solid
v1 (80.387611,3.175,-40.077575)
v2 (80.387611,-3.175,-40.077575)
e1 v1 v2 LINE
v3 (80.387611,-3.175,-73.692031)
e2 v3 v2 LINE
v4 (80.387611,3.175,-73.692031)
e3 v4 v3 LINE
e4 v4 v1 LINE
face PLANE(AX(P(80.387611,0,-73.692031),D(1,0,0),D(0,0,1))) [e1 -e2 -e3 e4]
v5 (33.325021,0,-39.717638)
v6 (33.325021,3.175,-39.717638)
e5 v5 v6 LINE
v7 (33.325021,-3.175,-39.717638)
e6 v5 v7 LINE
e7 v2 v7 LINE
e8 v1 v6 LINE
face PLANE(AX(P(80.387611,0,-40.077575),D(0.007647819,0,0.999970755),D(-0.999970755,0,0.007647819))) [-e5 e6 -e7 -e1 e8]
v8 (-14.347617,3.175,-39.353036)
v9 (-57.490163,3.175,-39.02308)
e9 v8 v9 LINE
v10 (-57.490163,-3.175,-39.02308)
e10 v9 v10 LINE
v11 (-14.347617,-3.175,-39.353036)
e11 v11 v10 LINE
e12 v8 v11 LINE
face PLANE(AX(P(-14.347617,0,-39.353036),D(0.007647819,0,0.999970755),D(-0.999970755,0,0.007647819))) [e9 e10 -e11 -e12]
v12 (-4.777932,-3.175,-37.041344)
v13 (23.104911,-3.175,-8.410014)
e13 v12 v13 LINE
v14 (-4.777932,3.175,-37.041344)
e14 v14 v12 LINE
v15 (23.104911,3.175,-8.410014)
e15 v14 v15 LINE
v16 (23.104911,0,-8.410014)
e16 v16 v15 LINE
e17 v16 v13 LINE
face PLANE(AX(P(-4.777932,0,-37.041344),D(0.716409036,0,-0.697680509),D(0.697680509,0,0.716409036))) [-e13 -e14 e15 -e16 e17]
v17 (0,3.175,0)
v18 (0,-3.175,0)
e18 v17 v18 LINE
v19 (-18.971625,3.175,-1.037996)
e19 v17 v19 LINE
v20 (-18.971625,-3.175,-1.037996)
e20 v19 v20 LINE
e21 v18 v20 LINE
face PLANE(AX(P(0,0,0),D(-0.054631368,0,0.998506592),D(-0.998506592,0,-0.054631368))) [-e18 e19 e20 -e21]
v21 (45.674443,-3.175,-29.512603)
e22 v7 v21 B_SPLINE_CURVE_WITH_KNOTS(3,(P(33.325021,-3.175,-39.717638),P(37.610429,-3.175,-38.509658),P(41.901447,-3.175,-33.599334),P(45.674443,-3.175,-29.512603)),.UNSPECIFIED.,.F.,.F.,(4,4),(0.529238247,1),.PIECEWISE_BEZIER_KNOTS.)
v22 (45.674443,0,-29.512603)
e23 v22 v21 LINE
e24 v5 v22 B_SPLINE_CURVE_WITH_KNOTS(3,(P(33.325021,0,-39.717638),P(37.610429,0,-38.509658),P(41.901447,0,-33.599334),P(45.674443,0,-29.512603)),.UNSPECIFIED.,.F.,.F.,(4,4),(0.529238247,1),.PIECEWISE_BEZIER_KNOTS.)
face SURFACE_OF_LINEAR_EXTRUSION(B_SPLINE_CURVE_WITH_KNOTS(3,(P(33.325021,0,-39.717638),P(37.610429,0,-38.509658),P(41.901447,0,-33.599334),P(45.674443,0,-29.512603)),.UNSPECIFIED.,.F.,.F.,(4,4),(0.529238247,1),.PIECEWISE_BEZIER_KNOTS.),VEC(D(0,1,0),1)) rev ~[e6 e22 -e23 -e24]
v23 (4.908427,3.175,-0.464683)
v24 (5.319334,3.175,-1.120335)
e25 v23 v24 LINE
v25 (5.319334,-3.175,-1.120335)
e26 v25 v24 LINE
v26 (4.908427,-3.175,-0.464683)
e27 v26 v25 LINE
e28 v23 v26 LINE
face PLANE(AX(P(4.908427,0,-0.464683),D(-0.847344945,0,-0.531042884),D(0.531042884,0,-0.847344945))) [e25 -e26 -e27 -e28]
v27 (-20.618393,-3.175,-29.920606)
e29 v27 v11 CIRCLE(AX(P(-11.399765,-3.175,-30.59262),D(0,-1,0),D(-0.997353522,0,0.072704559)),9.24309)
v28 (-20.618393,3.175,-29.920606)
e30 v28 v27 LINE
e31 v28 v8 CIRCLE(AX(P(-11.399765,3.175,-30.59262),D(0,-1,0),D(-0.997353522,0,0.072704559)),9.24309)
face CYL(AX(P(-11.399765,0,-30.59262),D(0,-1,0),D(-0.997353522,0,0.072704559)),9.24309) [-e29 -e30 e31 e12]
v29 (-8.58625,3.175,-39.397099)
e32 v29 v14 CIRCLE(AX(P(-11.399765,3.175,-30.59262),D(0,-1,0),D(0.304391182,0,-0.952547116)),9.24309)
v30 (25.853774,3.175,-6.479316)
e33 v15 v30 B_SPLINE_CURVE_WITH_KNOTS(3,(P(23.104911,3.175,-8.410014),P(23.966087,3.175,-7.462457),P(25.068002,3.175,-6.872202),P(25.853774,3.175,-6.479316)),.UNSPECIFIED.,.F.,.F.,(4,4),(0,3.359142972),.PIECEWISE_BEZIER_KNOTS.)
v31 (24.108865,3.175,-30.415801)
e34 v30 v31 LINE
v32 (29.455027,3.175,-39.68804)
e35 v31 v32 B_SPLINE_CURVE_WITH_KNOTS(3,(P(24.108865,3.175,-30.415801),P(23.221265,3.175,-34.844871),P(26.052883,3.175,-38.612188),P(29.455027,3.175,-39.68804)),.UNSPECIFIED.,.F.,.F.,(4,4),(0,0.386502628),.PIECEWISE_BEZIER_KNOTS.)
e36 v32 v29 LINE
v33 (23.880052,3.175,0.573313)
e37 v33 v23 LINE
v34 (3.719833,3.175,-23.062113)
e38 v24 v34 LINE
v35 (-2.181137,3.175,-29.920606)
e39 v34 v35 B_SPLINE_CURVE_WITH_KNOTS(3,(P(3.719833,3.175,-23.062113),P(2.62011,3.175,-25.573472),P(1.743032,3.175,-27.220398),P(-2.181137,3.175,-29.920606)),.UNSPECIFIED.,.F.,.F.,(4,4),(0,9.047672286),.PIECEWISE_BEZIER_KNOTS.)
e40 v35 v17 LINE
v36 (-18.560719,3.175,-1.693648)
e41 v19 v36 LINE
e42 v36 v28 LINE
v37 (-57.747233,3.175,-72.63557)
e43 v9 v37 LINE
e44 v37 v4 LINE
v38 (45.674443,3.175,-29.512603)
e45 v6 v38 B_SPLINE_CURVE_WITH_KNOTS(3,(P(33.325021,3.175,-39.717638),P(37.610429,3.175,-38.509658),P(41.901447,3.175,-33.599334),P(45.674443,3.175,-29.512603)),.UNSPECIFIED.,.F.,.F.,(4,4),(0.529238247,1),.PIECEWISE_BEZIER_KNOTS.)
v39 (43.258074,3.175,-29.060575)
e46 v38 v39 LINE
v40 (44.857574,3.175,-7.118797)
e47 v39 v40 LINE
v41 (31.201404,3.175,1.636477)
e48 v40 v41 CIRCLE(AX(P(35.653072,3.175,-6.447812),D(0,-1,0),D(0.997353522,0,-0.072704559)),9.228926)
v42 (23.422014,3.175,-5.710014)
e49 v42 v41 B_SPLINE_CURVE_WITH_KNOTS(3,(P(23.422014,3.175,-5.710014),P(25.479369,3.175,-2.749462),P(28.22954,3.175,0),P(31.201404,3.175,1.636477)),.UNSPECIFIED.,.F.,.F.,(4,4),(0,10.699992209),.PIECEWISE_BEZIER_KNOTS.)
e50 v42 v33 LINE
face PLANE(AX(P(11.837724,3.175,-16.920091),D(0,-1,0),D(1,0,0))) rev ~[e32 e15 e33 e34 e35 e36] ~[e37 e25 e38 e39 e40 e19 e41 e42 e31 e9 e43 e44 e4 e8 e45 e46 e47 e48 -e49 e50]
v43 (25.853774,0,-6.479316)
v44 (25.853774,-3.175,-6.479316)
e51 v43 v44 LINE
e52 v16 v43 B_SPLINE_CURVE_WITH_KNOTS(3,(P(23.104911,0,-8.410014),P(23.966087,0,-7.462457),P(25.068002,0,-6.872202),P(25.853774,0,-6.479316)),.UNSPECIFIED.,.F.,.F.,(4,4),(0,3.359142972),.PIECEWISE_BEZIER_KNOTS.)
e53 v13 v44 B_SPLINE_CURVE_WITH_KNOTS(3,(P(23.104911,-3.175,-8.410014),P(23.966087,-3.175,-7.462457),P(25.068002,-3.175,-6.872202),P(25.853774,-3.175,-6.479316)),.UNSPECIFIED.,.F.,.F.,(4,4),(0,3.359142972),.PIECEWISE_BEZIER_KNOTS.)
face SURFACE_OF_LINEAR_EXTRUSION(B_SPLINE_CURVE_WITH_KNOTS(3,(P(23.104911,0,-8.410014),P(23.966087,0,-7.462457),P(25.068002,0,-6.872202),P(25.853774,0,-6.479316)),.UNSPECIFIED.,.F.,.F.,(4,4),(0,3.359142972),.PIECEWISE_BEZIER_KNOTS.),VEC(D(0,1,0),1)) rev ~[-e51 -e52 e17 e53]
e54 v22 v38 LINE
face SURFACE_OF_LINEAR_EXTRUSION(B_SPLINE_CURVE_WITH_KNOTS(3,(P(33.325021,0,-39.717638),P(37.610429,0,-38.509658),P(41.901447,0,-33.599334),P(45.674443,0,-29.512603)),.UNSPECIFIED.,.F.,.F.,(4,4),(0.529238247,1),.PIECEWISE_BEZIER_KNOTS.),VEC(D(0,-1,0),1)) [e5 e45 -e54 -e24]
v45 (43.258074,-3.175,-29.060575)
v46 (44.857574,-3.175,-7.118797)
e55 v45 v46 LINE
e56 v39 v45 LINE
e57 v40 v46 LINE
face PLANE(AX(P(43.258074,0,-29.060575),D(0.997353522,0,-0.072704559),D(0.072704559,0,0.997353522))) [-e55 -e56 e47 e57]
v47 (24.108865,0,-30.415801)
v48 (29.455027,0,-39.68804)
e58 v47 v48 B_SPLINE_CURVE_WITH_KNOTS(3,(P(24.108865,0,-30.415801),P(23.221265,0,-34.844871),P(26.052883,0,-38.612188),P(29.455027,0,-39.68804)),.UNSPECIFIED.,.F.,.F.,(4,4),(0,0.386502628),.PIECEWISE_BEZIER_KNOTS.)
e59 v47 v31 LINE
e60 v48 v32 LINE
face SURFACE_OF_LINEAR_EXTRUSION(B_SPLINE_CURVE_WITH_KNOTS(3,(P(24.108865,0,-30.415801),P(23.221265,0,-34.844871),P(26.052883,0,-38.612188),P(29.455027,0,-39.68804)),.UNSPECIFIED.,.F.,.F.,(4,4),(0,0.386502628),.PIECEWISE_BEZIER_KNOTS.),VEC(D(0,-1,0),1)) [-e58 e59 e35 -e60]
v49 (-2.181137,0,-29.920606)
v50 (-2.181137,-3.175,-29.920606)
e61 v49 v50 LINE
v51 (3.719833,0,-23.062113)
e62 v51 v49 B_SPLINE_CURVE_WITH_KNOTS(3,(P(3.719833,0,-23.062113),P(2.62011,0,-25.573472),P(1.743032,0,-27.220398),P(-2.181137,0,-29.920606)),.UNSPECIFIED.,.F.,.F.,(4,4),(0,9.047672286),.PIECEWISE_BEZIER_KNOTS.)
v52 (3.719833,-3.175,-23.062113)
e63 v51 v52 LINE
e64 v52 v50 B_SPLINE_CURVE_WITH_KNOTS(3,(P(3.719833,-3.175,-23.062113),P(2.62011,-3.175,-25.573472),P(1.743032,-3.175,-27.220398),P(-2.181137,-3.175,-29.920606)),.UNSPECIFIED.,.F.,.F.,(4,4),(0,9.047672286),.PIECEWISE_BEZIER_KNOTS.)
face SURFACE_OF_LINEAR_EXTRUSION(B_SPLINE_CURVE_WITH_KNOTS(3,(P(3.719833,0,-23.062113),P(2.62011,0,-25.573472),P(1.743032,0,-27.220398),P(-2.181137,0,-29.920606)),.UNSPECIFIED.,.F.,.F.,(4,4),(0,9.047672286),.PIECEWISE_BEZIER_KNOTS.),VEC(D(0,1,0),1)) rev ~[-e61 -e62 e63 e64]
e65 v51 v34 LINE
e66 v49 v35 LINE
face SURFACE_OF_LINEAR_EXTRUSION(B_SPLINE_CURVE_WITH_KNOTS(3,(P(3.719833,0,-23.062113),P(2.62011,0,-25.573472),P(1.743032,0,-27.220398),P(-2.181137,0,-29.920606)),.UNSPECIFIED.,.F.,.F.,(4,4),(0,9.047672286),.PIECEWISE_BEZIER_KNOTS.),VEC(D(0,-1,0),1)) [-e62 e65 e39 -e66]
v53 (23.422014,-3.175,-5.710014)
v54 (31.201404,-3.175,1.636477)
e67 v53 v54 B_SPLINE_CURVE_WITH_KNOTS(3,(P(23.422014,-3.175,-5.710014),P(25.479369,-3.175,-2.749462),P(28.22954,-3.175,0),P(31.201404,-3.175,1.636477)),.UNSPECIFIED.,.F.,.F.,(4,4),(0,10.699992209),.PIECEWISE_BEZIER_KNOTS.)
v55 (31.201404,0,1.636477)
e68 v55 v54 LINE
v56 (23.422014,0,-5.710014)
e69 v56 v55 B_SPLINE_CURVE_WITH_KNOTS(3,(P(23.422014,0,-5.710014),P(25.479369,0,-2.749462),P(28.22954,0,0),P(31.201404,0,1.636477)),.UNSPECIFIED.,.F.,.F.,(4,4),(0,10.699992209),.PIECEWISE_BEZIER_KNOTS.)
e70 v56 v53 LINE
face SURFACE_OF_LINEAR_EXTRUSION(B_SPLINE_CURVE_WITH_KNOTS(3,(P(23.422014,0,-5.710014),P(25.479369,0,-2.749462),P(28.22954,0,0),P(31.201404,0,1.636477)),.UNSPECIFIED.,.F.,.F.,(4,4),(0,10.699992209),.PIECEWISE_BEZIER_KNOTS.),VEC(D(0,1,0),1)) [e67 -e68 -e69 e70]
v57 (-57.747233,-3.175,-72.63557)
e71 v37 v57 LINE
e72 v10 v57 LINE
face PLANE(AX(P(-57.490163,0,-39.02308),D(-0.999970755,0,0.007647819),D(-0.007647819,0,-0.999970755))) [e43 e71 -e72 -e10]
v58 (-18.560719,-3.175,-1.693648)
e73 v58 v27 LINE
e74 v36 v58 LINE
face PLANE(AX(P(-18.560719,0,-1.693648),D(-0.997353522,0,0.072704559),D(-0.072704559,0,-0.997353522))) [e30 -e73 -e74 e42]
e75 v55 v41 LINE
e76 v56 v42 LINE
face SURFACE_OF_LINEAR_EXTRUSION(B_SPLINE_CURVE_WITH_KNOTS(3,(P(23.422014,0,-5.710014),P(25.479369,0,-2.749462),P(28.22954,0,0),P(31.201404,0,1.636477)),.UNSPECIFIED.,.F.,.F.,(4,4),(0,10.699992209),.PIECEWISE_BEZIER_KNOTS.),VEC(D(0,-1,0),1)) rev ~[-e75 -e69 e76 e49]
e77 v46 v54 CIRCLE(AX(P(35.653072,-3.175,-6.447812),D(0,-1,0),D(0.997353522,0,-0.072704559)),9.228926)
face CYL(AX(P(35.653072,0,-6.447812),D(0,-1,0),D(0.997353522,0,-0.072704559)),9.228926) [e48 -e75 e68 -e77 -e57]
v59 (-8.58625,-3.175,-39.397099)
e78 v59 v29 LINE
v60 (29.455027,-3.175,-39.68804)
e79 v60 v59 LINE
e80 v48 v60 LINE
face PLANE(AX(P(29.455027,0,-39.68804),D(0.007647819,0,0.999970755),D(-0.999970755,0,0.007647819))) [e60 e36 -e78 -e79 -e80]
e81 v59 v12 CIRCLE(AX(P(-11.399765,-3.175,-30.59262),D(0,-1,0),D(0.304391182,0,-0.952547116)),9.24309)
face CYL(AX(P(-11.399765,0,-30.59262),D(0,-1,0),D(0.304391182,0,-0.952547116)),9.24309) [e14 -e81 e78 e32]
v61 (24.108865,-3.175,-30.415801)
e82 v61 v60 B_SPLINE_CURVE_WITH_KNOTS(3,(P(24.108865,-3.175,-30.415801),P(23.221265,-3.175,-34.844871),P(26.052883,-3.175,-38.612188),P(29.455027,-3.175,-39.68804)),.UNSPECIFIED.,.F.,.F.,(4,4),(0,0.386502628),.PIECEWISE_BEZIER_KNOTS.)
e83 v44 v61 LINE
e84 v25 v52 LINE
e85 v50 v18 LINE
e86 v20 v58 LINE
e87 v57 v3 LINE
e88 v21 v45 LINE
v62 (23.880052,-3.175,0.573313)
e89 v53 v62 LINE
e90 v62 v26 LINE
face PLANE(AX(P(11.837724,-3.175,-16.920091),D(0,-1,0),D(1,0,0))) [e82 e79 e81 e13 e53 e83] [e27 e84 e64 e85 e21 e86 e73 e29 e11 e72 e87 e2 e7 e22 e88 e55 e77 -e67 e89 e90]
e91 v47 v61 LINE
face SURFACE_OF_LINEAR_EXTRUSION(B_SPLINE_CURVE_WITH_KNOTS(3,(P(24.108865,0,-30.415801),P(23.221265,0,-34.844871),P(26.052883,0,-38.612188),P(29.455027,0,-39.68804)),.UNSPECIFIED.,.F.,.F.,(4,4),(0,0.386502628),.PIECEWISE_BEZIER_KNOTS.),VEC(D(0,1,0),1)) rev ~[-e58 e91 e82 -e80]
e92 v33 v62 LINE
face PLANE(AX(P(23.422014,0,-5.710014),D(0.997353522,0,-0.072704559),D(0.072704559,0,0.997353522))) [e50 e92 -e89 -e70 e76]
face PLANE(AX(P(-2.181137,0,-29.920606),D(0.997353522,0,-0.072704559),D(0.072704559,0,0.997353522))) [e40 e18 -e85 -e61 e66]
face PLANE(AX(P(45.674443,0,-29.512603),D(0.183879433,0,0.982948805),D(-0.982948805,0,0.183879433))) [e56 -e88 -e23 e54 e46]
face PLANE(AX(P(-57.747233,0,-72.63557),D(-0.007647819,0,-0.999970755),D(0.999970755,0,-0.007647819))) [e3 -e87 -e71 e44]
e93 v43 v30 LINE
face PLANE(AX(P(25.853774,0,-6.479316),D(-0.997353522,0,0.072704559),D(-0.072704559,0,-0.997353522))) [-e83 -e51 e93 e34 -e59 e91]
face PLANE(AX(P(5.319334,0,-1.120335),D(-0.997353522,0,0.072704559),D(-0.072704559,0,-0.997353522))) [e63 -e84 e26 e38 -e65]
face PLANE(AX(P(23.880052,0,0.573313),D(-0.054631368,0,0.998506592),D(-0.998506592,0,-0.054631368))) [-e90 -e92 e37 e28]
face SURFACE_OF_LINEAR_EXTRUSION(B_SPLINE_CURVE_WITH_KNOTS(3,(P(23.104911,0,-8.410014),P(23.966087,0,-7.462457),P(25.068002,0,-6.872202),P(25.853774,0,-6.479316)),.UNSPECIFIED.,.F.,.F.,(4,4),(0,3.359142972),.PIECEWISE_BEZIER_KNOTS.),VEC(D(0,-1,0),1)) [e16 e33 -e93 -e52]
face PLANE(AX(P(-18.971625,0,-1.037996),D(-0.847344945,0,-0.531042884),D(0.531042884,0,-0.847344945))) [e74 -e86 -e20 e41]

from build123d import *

# Parameters (mm, degrees)
F1_DEPTH = 3.175


with BuildPart() as f1:
    # F0 (on Front) → F1 (new body, symmetric)
    with BuildSketch(Plane.XZ):
        with BuildLine():
            Line((-2.1811367593, -29.9206056496), (0, 0))
            Line((0, 0), (-18.9716252415, -1.0379959996))
            Line((-18.9716252415, -1.0379959996), (-18.560718745, -1.6936484026))
            Line((-18.560718745, -1.6936484026), (-20.6183928033, -29.9206056496))
            ThreePointArc((-20.6183928033, -29.9206056496), (-19.097069056, -35.7098670599), (-14.3476168276, -39.3530356194))
            Line((-14.3476168276, -39.3530356194), (-8.5862497906, -39.3970988002))
            ThreePointArc((-8.5862497906, -39.3970988002), (-6.5372712865, -38.4533368755), (-4.7779318284, -37.0413439039))
            Line((-4.7779318284, -37.0413439039), (23.1049112899, -8.4100140946))
            add(Edge.make_bspline(
                [(23.1049112899, -8.4100140946), (23.9660870284, -7.4624572881), (25.0680023001, -6.8722019142), (25.8537740575, -6.4793160355)],
                knots=[0, 0, 0, 0, 3.3591429725, 3.3591429725, 3.3591429725, 3.3591429725], degree=3))
            Line((25.8537740575, -6.4793160355), (24.10886465, -30.4158005552))
            add(Edge.make_bspline(
                [(24.10886465, -30.4158005552), (23.221265172, -34.8448709212), (26.0528829358, -38.6121878233), (29.4550270257, -39.6880401081)],
                knots=[0, 0, 0, 0, 0.386502628, 0.386502628, 0.386502628, 0.386502628], degree=3))
            Line((29.4550270257, -39.6880401081), (33.3250212912, -39.7176379893))
            add(Edge.make_bspline(
                [(33.3250212912, -39.7176379893), (37.6104290116, -38.509658395), (41.9014469905, -33.599334096), (45.6744432449, -29.5126028359)],
                knots=[0.529238247, 0.529238247, 0.529238247, 0.529238247, 1, 1, 1, 1], degree=3))
            Line((45.6744432449, -29.5126028359), (43.2580737253, -29.0605745563))
            Line((43.2580737253, -29.0605745563), (44.8575740155, -7.1187970799))
            ThreePointArc((44.8575740155, -7.1187970799), (40.634142354, 1.3214875027), (31.2014035881, 1.6364767216))
            add(Edge.make_bspline(
                [(23.4220137692, -5.7100140946), (25.4793688655, -2.7494623791), (28.2295402139, 0), (31.2014035881, 1.6364767216)],
                knots=[0, 0, 0, 0, 10.6999922087, 10.6999922087, 10.6999922087, 10.6999922087], degree=3))
            Line((23.4220137692, -5.7100140946), (23.8800524886, 0.5733130918))
            Line((23.8800524886, 0.5733130918), (4.9084272471, -0.4646829078))
            Line((4.9084272471, -0.4646829078), (5.3193337437, -1.1203353108))
            Line((5.3193337437, -1.1203353108), (3.7198334535, -23.0621127871))
            add(Edge.make_bspline(
                [(3.7198334535, -23.0621127871), (2.6201102883, -25.5734715611), (1.7430323642, -27.2203981876), (-2.1811367593, -29.9206056496)],
                knots=[0, 0, 0, 0, 9.0476722861, 9.0476722861, 9.0476722861, 9.0476722861], degree=3))
        make_face()
        with BuildLine():
            Line((-8.5862497906, -39.3970988002), (-14.3476168276, -39.3530356194))
            ThreePointArc((-14.3476168276, -39.3530356194), (-11.4704542579, -39.8354397482), (-8.5862497906, -39.3970988002))
        make_face()
        with BuildLine():
            Line((33.3250212912, -39.7176379893), (29.4550270257, -39.6880401081))
            add(Edge.make_bspline(
                [(29.4550270257, -39.6880401081), (30.0021087518, -39.8610425176), (31.2924032253, -40.0985217153), (32.5914536336, -39.9244175584), (33.3250212912, -39.7176379893)],
                knots=[0.386502628, 0.386502628, 0.386502628, 0.386502628, 0.4486541769, 0.529238247, 0.529238247, 0.529238247, 0.529238247], degree=3))
        make_face()
        with BuildLine():
            ThreePointArc((-8.5862497906, -39.3970988002), (-11.4704542579, -39.8354397482), (-14.3476168276, -39.3530356194))
            Line((-14.3476168276, -39.3530356194), (-57.49016349, -39.0230795821))
            Line((-57.49016349, -39.0230795821), (-57.747233247, -72.6355695398))
            Line((-57.747233247, -72.6355695398), (80.3876109421, -73.6920307208))
            Line((80.3876109421, -73.6920307208), (80.3876109421, -40.0775746826))
            Line((80.3876109421, -40.0775746826), (33.3250212912, -39.7176379893))
            add(Edge.make_bspline(
                [(29.4550270257, -39.6880401081), (30.0021087518, -39.8610425176), (31.2924032253, -40.0985217153), (32.5914536336, -39.9244175584), (33.3250212912, -39.7176379893)],
                knots=[0.386502628, 0.386502628, 0.386502628, 0.386502628, 0.4486541769, 0.529238247, 0.529238247, 0.529238247, 0.529238247], degree=3))
            Line((29.4550270257, -39.6880401081), (-8.5862497906, -39.3970988002))
        make_face()
    extrude(amount=F1_DEPTH, both=True)


solid = f1.part
